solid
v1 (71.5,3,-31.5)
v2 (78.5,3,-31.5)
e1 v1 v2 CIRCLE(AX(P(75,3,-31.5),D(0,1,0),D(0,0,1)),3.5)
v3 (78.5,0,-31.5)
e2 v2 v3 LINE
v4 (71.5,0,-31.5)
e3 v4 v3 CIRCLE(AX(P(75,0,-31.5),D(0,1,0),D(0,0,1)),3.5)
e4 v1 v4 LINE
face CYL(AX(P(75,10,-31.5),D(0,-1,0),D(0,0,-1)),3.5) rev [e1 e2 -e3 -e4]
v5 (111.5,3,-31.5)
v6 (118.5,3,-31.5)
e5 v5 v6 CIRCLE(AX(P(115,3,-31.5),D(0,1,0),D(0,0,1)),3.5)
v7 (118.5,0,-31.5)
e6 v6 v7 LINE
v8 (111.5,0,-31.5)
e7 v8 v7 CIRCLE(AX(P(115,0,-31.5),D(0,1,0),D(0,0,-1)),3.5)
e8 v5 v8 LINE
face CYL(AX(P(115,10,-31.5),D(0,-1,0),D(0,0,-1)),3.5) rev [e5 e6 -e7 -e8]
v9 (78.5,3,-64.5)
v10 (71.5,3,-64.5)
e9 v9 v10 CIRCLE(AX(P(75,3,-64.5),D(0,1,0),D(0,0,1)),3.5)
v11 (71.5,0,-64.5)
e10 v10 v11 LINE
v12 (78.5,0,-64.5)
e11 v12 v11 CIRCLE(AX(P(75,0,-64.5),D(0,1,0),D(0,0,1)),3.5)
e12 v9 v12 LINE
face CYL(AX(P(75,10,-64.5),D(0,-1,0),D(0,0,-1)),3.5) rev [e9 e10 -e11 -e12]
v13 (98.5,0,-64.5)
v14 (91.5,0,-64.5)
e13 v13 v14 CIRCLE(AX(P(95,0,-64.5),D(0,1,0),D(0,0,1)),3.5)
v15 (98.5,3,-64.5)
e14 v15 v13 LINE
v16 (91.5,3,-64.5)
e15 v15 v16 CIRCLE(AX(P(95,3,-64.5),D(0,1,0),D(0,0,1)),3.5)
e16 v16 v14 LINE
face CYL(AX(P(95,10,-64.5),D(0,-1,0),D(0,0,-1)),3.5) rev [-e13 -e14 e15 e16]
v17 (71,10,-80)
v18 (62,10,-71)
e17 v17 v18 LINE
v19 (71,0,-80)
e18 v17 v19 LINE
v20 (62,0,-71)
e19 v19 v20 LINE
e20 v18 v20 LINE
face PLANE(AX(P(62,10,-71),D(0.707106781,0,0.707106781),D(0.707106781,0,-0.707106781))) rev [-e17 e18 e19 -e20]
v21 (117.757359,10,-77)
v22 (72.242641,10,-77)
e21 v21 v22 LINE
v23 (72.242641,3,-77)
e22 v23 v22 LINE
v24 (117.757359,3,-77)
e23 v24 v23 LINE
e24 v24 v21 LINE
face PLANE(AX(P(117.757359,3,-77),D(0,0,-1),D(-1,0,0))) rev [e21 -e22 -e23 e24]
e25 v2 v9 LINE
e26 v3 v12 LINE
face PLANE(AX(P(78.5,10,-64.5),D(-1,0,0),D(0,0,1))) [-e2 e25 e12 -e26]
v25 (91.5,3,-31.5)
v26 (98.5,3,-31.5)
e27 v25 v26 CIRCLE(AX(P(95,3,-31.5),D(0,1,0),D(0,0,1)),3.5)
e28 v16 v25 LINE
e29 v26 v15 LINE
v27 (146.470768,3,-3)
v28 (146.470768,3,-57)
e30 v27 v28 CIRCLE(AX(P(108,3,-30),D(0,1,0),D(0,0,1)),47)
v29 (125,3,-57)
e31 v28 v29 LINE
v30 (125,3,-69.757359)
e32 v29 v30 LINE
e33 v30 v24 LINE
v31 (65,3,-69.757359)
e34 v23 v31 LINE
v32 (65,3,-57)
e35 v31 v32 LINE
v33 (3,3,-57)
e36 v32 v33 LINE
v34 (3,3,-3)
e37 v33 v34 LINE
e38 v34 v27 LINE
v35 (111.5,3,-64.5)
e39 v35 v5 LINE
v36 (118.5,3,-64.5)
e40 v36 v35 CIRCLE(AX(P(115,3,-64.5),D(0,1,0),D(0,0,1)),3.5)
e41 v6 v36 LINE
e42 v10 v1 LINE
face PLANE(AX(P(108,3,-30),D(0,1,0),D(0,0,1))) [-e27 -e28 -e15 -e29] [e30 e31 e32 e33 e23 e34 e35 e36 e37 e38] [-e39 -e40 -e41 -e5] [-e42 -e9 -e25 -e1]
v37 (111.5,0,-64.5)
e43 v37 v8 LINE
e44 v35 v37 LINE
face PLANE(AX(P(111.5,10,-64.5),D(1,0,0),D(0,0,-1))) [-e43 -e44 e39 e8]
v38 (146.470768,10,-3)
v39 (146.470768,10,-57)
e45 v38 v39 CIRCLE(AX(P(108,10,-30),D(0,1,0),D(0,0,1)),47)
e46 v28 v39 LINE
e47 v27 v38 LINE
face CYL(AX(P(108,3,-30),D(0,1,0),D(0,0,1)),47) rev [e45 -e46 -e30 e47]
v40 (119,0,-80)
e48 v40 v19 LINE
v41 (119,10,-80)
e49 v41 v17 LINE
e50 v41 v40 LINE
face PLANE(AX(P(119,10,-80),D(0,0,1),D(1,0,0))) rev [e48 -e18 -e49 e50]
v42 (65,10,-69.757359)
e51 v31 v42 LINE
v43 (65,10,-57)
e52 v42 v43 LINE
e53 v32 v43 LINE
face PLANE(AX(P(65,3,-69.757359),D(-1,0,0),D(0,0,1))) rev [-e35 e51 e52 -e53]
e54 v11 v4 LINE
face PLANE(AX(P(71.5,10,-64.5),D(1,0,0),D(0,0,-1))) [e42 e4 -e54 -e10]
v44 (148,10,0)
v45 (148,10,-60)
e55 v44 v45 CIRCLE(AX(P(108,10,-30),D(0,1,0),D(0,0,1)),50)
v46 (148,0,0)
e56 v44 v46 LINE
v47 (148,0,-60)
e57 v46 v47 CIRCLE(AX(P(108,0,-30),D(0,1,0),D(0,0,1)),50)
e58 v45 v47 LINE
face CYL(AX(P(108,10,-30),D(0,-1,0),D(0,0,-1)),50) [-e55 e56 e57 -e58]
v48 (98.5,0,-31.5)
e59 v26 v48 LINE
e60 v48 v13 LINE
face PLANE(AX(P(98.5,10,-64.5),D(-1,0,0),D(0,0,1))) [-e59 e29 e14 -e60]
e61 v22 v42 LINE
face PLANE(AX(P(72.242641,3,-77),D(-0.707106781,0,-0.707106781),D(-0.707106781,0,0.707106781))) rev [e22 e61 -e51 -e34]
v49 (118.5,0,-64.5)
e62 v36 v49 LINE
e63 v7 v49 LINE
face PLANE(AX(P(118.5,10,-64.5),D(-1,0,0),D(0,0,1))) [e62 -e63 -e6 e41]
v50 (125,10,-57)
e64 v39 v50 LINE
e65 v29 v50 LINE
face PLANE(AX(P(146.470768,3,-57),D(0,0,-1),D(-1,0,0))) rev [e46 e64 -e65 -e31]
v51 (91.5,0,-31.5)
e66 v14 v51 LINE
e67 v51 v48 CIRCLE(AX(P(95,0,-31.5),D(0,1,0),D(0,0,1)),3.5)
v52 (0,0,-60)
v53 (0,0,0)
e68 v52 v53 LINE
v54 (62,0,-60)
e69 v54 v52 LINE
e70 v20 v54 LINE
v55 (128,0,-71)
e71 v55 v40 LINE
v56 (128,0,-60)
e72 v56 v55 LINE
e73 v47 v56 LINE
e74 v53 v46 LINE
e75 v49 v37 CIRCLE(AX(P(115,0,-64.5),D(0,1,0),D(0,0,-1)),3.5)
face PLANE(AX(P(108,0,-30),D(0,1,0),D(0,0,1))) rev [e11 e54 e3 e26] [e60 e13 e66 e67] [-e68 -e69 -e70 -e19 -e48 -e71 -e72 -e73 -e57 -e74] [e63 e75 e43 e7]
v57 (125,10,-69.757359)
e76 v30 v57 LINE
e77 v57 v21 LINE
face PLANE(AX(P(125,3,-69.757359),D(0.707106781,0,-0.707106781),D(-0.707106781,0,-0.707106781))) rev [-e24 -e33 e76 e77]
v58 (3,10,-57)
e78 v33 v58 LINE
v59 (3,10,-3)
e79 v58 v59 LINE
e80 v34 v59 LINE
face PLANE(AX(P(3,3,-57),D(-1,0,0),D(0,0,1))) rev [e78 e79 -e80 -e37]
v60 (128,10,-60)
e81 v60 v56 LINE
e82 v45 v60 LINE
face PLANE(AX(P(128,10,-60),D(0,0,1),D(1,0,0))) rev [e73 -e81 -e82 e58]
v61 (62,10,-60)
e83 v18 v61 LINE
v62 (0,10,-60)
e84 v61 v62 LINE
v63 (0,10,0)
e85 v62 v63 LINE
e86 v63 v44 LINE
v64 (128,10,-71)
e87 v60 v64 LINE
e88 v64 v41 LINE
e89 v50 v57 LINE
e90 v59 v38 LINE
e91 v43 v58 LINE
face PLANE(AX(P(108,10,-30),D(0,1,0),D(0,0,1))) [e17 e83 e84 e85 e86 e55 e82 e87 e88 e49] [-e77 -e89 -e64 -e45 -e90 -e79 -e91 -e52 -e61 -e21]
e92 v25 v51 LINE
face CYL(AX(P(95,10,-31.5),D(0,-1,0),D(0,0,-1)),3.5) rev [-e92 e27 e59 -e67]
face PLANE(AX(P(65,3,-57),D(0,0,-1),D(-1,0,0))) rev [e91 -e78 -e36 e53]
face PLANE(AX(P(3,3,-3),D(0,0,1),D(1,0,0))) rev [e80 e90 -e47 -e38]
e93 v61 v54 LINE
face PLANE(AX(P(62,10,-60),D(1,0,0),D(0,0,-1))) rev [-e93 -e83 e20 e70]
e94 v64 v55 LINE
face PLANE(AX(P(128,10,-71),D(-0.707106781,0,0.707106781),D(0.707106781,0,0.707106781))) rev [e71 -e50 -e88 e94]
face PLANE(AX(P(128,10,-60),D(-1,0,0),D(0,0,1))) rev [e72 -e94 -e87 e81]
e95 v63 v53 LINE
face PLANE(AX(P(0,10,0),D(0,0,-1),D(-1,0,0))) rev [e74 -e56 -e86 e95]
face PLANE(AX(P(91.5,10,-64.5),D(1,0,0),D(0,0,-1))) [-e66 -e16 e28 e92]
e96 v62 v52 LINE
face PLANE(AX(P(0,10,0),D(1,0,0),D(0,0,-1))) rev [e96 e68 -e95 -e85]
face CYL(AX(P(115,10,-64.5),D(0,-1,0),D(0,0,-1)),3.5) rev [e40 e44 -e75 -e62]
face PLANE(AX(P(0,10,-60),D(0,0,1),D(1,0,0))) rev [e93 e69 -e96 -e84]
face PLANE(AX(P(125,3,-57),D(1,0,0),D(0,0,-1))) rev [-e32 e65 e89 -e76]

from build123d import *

# Parameters (mm, degrees)
EXTRUDE_1_DEPTH     = 10
CUT_EXTRUDE_1_DEPTH = 7


with BuildPart() as part:
    # Эскиз1 → Бобышка-Вытянуть1 (new body)
    with BuildSketch(Plane(origin=(0, 0, 0), x_dir=(1, 0, 0), z_dir=(0, 1, 0))):
        with BuildLine():
            Line((0, 0), (0, 60))
            Line((0, 60), (62, 60))
            Line((62, 60), (62, 71))
            Line((62, 71), (71, 80))
            Line((71, 80), (119, 80))
            Line((119, 80), (128, 71))
            Line((128, 71), (128, 60))
            Line((128, 60), (148, 60))
            ThreePointArc((148, 60), (158, 30), (148, 0))
            Line((148, 0), (0, 0))
        make_face()
        with BuildLine():
            Line((98.5, 64.5), (98.5, 31.5))
            ThreePointArc((98.5, 31.5), (95, 28), (91.5, 31.5))
            Line((91.5, 31.5), (91.5, 64.5))
            ThreePointArc((91.5, 64.5), (95, 68), (98.5, 64.5))
        make_face(mode=Mode.SUBTRACT)
        with BuildLine():
            Line((78.5, 64.5), (78.5, 31.5))
            ThreePointArc((78.5, 31.5), (75, 28), (71.5, 31.5))
            Line((71.5, 31.5), (71.5, 64.5))
            ThreePointArc((71.5, 64.5), (75, 68), (78.5, 64.5))
        make_face(mode=Mode.SUBTRACT)
        with BuildLine():
            Line((111.5, 64.5), (111.5, 31.5))
            ThreePointArc((111.5, 31.5), (115, 28), (118.5, 31.5))
            Line((118.5, 31.5), (118.5, 64.5))
            ThreePointArc((118.5, 64.5), (115, 68), (111.5, 64.5))
        make_face(mode=Mode.SUBTRACT)
    extrude(amount=EXTRUDE_1_DEPTH)

    # Эскиз3 → Вырез-Вытянуть1 (cut)
    with BuildSketch(Plane(origin=(0, 10, 0), x_dir=(1, 0, 0), z_dir=(0, 1, 0))):
        with BuildLine():
            Line((125, 57), (125, 69.757359313))
            Line((125, 69.757359313), (117.757359313, 77))
            Line((117.757359313, 77), (72.242640687, 77))
            Line((72.242640687, 77), (65, 69.757359313))
            Line((65, 69.757359313), (65, 57))
            Line((65, 57), (3, 57))
            Line((3, 57), (3, 3))
            Line((3, 3), (146.470768123, 3))
            ThreePointArc((146.470768123, 3), (155, 30), (146.470768123, 57))
            Line((146.470768123, 57), (125, 57))
        make_face()
    extrude(amount=-CUT_EXTRUDE_1_DEPTH, mode=Mode.SUBTRACT)


solid = part.part
